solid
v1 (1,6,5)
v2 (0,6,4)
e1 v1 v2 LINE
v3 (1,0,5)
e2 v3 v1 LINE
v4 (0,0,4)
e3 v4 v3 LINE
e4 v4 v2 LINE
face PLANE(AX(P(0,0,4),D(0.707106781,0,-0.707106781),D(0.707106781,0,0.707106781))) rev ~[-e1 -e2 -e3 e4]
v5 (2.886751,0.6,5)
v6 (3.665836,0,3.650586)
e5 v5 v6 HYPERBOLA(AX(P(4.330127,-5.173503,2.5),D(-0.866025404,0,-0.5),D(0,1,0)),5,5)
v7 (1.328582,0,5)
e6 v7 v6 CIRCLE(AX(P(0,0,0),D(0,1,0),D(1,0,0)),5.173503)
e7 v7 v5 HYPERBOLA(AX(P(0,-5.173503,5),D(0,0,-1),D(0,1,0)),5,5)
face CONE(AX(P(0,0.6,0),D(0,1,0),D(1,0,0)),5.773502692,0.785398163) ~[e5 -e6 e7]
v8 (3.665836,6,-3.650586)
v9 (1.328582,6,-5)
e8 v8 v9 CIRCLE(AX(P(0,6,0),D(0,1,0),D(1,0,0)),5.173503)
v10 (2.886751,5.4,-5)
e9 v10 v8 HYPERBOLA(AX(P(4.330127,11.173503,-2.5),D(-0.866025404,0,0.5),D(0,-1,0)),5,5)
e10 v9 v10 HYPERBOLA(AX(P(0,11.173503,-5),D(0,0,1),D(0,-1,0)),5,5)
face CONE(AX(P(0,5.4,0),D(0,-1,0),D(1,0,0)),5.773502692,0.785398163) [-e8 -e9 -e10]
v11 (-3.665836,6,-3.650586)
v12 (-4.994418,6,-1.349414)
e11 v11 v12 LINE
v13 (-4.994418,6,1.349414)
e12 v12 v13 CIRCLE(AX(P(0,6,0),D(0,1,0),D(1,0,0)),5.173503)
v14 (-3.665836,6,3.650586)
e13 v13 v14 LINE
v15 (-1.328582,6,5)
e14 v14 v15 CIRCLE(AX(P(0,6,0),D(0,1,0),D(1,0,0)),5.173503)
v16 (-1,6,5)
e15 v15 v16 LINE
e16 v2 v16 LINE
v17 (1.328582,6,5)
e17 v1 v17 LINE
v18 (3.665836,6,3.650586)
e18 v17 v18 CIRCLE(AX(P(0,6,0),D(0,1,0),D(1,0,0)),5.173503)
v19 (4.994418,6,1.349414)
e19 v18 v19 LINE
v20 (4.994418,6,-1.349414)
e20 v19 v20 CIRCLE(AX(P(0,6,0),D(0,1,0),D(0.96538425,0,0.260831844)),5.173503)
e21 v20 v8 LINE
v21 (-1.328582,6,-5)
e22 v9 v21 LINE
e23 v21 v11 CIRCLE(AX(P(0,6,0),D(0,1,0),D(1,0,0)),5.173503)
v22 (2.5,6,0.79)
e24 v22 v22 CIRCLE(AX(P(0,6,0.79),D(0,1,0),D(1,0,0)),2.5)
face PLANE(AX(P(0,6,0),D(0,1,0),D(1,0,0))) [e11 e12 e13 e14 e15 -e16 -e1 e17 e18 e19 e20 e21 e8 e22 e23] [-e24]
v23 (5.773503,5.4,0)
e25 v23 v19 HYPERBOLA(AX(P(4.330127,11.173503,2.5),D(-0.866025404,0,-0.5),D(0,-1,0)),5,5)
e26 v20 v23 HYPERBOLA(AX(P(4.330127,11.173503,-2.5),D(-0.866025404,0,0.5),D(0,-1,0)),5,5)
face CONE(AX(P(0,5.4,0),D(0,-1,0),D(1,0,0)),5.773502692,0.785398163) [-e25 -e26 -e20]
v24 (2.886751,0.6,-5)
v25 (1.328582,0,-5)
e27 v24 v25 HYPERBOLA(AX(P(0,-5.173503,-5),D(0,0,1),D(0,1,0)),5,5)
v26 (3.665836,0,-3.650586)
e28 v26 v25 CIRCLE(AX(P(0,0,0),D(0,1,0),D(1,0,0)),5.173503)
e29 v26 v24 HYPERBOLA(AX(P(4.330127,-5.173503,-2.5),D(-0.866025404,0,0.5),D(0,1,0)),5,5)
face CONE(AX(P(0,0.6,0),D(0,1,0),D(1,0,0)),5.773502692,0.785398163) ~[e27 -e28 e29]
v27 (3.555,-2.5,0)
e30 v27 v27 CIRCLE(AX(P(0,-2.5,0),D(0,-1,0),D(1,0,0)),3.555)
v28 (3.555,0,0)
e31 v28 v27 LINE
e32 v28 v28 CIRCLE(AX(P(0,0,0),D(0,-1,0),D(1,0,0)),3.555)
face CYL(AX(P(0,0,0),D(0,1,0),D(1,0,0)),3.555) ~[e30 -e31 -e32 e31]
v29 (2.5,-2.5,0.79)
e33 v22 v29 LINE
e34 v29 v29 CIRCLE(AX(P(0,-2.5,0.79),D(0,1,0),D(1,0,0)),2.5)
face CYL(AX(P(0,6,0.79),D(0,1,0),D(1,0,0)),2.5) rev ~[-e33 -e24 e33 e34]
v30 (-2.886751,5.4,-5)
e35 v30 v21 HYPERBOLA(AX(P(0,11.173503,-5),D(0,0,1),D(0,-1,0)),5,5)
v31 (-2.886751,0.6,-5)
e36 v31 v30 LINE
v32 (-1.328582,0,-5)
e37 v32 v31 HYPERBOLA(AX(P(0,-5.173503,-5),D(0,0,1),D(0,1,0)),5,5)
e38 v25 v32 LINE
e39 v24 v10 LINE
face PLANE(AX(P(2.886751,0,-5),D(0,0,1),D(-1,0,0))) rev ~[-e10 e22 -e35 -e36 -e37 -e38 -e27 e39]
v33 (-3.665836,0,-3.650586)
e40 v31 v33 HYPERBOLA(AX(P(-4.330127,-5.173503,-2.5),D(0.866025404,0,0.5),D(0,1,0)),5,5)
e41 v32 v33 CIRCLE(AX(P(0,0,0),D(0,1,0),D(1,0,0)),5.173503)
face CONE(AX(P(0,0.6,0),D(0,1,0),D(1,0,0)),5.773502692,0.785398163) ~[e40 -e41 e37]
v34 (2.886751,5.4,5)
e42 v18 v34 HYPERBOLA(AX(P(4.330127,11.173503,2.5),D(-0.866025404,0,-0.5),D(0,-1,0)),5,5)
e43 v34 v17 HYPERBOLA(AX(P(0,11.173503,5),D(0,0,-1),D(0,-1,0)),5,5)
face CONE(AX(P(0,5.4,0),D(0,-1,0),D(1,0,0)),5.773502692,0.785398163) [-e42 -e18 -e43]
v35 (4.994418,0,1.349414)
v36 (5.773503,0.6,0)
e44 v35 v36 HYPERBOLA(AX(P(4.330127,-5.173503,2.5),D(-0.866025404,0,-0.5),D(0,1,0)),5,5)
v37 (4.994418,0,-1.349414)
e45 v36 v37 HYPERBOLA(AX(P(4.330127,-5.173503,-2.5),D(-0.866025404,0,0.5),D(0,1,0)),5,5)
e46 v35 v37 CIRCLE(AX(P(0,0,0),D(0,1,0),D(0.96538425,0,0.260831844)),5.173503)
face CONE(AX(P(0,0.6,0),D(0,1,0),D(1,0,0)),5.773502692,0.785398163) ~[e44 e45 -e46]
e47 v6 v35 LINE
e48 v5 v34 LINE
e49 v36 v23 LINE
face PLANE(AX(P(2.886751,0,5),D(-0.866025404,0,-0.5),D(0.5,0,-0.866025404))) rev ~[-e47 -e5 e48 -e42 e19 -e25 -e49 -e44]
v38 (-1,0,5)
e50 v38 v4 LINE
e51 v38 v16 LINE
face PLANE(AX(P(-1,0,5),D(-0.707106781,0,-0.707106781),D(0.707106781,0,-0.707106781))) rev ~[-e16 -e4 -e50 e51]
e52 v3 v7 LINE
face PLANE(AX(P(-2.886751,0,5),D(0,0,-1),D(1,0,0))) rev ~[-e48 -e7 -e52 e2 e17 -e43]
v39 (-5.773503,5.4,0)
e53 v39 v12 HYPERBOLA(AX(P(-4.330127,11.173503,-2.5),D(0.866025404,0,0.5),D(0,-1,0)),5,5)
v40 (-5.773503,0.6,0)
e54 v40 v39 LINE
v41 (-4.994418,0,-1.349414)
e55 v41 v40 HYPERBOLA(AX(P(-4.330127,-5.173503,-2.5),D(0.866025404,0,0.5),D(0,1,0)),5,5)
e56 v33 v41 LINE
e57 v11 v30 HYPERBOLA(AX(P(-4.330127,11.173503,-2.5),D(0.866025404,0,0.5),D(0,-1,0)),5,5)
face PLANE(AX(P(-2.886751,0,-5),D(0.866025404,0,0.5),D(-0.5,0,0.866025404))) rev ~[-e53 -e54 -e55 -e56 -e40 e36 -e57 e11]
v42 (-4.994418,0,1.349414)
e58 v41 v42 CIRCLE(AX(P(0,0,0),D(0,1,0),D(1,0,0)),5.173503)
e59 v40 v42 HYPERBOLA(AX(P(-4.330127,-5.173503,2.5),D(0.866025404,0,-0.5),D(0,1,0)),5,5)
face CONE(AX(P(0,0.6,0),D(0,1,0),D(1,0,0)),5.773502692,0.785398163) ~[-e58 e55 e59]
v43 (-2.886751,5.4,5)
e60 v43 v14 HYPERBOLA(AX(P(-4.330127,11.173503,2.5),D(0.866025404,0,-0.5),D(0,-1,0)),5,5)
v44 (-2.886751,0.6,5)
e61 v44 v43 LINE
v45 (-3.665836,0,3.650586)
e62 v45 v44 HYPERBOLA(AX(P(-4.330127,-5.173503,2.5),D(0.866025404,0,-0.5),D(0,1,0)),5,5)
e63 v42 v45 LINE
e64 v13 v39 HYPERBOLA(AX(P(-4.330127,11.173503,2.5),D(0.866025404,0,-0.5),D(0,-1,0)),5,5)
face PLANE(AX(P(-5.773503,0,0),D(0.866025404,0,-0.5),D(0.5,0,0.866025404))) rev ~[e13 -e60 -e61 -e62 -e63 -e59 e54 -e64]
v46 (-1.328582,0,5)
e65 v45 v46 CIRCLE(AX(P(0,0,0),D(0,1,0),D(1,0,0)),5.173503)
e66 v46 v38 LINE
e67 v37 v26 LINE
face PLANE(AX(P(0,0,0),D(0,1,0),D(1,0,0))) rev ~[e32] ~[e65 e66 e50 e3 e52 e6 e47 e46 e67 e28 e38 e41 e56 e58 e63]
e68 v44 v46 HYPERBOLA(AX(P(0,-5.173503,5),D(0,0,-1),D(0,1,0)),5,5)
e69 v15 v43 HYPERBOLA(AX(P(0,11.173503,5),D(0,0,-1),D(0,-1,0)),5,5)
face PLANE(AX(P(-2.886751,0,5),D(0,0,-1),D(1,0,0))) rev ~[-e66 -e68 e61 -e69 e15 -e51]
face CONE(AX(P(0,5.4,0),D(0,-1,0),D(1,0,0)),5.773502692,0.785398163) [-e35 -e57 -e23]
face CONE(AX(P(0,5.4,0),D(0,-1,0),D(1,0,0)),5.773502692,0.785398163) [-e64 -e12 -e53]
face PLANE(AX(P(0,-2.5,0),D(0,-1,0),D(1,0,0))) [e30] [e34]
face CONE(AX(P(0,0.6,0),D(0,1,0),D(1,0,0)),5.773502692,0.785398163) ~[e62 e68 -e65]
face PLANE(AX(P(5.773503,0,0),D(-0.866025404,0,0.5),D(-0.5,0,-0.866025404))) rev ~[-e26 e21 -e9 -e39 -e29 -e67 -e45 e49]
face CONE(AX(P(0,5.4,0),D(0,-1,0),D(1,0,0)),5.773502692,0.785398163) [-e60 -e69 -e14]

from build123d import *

# Parameters (mm, degrees)
BOSS_EXTRUDE1_DEPTH = 6
SKETCH3_R           = 3.555
BOSS_EXTRUDE3_DEPTH = 2.5
SKETCH4_R           = 2.5
CUT_EXTRUDE1_DEPTH  = 9.5
CUT_EXTRUDE2_DEPTH  = 7


with BuildPart() as part:
    # Sketch1 → Boss-Extrude1 (new body)
    with BuildSketch(Plane(origin=(0, 0, 0), x_dir=(1, 0, 0), z_dir=(0, 1, 0))):
        Polygon((5.773502692, 0), (2.886751346, 5), (-2.886751346, 5), (-5.773502692, 0), (-2.886751346, -5), (2.886751346, -5), align=None)
    extrude(amount=BOSS_EXTRUDE1_DEPTH)

    # Sketch3 → Boss-Extrude3 (add)
    with BuildSketch(Plane.XZ):
        Circle(SKETCH3_R)
    extrude(amount=BOSS_EXTRUDE3_DEPTH)

    # Sketch4 → Cut-Extrude1 (cut, through all)
    with BuildSketch(Plane(origin=(0, 6, 0), x_dir=(1, 0, 0), z_dir=(0, 1, 0))):
        with Locations((0, -0.79)):
            Circle(SKETCH4_R)
    extrude(amount=-CUT_EXTRUDE1_DEPTH, mode=Mode.SUBTRACT)

    # Sketch5 → Cut-Extrude2 (cut, through all)
    with BuildSketch(Plane(origin=(0, 0, 0), x_dir=(-1, 0, 0), z_dir=(0, -1, 0))):
        Polygon((-1, -5), (1, -5), (0, -4), align=None)
    extrude(amount=-CUT_EXTRUDE2_DEPTH, mode=Mode.SUBTRACT)

    # Sketch6 → Cut-Revolve1 (revolve, cut)
    with BuildSketch(Plane.XY):
        Polygon((5.173502692, 6), (5.773502692, 6), (5.773502692, 5.4), align=None)
        Polygon((5.773502692, 0.6), (5.173502692, 0), (5.773502692, 0), align=None)
    revolve(axis=Axis((0, 0, 0), (0, 1, 0)), mode=Mode.SUBTRACT)


solid = part.part
